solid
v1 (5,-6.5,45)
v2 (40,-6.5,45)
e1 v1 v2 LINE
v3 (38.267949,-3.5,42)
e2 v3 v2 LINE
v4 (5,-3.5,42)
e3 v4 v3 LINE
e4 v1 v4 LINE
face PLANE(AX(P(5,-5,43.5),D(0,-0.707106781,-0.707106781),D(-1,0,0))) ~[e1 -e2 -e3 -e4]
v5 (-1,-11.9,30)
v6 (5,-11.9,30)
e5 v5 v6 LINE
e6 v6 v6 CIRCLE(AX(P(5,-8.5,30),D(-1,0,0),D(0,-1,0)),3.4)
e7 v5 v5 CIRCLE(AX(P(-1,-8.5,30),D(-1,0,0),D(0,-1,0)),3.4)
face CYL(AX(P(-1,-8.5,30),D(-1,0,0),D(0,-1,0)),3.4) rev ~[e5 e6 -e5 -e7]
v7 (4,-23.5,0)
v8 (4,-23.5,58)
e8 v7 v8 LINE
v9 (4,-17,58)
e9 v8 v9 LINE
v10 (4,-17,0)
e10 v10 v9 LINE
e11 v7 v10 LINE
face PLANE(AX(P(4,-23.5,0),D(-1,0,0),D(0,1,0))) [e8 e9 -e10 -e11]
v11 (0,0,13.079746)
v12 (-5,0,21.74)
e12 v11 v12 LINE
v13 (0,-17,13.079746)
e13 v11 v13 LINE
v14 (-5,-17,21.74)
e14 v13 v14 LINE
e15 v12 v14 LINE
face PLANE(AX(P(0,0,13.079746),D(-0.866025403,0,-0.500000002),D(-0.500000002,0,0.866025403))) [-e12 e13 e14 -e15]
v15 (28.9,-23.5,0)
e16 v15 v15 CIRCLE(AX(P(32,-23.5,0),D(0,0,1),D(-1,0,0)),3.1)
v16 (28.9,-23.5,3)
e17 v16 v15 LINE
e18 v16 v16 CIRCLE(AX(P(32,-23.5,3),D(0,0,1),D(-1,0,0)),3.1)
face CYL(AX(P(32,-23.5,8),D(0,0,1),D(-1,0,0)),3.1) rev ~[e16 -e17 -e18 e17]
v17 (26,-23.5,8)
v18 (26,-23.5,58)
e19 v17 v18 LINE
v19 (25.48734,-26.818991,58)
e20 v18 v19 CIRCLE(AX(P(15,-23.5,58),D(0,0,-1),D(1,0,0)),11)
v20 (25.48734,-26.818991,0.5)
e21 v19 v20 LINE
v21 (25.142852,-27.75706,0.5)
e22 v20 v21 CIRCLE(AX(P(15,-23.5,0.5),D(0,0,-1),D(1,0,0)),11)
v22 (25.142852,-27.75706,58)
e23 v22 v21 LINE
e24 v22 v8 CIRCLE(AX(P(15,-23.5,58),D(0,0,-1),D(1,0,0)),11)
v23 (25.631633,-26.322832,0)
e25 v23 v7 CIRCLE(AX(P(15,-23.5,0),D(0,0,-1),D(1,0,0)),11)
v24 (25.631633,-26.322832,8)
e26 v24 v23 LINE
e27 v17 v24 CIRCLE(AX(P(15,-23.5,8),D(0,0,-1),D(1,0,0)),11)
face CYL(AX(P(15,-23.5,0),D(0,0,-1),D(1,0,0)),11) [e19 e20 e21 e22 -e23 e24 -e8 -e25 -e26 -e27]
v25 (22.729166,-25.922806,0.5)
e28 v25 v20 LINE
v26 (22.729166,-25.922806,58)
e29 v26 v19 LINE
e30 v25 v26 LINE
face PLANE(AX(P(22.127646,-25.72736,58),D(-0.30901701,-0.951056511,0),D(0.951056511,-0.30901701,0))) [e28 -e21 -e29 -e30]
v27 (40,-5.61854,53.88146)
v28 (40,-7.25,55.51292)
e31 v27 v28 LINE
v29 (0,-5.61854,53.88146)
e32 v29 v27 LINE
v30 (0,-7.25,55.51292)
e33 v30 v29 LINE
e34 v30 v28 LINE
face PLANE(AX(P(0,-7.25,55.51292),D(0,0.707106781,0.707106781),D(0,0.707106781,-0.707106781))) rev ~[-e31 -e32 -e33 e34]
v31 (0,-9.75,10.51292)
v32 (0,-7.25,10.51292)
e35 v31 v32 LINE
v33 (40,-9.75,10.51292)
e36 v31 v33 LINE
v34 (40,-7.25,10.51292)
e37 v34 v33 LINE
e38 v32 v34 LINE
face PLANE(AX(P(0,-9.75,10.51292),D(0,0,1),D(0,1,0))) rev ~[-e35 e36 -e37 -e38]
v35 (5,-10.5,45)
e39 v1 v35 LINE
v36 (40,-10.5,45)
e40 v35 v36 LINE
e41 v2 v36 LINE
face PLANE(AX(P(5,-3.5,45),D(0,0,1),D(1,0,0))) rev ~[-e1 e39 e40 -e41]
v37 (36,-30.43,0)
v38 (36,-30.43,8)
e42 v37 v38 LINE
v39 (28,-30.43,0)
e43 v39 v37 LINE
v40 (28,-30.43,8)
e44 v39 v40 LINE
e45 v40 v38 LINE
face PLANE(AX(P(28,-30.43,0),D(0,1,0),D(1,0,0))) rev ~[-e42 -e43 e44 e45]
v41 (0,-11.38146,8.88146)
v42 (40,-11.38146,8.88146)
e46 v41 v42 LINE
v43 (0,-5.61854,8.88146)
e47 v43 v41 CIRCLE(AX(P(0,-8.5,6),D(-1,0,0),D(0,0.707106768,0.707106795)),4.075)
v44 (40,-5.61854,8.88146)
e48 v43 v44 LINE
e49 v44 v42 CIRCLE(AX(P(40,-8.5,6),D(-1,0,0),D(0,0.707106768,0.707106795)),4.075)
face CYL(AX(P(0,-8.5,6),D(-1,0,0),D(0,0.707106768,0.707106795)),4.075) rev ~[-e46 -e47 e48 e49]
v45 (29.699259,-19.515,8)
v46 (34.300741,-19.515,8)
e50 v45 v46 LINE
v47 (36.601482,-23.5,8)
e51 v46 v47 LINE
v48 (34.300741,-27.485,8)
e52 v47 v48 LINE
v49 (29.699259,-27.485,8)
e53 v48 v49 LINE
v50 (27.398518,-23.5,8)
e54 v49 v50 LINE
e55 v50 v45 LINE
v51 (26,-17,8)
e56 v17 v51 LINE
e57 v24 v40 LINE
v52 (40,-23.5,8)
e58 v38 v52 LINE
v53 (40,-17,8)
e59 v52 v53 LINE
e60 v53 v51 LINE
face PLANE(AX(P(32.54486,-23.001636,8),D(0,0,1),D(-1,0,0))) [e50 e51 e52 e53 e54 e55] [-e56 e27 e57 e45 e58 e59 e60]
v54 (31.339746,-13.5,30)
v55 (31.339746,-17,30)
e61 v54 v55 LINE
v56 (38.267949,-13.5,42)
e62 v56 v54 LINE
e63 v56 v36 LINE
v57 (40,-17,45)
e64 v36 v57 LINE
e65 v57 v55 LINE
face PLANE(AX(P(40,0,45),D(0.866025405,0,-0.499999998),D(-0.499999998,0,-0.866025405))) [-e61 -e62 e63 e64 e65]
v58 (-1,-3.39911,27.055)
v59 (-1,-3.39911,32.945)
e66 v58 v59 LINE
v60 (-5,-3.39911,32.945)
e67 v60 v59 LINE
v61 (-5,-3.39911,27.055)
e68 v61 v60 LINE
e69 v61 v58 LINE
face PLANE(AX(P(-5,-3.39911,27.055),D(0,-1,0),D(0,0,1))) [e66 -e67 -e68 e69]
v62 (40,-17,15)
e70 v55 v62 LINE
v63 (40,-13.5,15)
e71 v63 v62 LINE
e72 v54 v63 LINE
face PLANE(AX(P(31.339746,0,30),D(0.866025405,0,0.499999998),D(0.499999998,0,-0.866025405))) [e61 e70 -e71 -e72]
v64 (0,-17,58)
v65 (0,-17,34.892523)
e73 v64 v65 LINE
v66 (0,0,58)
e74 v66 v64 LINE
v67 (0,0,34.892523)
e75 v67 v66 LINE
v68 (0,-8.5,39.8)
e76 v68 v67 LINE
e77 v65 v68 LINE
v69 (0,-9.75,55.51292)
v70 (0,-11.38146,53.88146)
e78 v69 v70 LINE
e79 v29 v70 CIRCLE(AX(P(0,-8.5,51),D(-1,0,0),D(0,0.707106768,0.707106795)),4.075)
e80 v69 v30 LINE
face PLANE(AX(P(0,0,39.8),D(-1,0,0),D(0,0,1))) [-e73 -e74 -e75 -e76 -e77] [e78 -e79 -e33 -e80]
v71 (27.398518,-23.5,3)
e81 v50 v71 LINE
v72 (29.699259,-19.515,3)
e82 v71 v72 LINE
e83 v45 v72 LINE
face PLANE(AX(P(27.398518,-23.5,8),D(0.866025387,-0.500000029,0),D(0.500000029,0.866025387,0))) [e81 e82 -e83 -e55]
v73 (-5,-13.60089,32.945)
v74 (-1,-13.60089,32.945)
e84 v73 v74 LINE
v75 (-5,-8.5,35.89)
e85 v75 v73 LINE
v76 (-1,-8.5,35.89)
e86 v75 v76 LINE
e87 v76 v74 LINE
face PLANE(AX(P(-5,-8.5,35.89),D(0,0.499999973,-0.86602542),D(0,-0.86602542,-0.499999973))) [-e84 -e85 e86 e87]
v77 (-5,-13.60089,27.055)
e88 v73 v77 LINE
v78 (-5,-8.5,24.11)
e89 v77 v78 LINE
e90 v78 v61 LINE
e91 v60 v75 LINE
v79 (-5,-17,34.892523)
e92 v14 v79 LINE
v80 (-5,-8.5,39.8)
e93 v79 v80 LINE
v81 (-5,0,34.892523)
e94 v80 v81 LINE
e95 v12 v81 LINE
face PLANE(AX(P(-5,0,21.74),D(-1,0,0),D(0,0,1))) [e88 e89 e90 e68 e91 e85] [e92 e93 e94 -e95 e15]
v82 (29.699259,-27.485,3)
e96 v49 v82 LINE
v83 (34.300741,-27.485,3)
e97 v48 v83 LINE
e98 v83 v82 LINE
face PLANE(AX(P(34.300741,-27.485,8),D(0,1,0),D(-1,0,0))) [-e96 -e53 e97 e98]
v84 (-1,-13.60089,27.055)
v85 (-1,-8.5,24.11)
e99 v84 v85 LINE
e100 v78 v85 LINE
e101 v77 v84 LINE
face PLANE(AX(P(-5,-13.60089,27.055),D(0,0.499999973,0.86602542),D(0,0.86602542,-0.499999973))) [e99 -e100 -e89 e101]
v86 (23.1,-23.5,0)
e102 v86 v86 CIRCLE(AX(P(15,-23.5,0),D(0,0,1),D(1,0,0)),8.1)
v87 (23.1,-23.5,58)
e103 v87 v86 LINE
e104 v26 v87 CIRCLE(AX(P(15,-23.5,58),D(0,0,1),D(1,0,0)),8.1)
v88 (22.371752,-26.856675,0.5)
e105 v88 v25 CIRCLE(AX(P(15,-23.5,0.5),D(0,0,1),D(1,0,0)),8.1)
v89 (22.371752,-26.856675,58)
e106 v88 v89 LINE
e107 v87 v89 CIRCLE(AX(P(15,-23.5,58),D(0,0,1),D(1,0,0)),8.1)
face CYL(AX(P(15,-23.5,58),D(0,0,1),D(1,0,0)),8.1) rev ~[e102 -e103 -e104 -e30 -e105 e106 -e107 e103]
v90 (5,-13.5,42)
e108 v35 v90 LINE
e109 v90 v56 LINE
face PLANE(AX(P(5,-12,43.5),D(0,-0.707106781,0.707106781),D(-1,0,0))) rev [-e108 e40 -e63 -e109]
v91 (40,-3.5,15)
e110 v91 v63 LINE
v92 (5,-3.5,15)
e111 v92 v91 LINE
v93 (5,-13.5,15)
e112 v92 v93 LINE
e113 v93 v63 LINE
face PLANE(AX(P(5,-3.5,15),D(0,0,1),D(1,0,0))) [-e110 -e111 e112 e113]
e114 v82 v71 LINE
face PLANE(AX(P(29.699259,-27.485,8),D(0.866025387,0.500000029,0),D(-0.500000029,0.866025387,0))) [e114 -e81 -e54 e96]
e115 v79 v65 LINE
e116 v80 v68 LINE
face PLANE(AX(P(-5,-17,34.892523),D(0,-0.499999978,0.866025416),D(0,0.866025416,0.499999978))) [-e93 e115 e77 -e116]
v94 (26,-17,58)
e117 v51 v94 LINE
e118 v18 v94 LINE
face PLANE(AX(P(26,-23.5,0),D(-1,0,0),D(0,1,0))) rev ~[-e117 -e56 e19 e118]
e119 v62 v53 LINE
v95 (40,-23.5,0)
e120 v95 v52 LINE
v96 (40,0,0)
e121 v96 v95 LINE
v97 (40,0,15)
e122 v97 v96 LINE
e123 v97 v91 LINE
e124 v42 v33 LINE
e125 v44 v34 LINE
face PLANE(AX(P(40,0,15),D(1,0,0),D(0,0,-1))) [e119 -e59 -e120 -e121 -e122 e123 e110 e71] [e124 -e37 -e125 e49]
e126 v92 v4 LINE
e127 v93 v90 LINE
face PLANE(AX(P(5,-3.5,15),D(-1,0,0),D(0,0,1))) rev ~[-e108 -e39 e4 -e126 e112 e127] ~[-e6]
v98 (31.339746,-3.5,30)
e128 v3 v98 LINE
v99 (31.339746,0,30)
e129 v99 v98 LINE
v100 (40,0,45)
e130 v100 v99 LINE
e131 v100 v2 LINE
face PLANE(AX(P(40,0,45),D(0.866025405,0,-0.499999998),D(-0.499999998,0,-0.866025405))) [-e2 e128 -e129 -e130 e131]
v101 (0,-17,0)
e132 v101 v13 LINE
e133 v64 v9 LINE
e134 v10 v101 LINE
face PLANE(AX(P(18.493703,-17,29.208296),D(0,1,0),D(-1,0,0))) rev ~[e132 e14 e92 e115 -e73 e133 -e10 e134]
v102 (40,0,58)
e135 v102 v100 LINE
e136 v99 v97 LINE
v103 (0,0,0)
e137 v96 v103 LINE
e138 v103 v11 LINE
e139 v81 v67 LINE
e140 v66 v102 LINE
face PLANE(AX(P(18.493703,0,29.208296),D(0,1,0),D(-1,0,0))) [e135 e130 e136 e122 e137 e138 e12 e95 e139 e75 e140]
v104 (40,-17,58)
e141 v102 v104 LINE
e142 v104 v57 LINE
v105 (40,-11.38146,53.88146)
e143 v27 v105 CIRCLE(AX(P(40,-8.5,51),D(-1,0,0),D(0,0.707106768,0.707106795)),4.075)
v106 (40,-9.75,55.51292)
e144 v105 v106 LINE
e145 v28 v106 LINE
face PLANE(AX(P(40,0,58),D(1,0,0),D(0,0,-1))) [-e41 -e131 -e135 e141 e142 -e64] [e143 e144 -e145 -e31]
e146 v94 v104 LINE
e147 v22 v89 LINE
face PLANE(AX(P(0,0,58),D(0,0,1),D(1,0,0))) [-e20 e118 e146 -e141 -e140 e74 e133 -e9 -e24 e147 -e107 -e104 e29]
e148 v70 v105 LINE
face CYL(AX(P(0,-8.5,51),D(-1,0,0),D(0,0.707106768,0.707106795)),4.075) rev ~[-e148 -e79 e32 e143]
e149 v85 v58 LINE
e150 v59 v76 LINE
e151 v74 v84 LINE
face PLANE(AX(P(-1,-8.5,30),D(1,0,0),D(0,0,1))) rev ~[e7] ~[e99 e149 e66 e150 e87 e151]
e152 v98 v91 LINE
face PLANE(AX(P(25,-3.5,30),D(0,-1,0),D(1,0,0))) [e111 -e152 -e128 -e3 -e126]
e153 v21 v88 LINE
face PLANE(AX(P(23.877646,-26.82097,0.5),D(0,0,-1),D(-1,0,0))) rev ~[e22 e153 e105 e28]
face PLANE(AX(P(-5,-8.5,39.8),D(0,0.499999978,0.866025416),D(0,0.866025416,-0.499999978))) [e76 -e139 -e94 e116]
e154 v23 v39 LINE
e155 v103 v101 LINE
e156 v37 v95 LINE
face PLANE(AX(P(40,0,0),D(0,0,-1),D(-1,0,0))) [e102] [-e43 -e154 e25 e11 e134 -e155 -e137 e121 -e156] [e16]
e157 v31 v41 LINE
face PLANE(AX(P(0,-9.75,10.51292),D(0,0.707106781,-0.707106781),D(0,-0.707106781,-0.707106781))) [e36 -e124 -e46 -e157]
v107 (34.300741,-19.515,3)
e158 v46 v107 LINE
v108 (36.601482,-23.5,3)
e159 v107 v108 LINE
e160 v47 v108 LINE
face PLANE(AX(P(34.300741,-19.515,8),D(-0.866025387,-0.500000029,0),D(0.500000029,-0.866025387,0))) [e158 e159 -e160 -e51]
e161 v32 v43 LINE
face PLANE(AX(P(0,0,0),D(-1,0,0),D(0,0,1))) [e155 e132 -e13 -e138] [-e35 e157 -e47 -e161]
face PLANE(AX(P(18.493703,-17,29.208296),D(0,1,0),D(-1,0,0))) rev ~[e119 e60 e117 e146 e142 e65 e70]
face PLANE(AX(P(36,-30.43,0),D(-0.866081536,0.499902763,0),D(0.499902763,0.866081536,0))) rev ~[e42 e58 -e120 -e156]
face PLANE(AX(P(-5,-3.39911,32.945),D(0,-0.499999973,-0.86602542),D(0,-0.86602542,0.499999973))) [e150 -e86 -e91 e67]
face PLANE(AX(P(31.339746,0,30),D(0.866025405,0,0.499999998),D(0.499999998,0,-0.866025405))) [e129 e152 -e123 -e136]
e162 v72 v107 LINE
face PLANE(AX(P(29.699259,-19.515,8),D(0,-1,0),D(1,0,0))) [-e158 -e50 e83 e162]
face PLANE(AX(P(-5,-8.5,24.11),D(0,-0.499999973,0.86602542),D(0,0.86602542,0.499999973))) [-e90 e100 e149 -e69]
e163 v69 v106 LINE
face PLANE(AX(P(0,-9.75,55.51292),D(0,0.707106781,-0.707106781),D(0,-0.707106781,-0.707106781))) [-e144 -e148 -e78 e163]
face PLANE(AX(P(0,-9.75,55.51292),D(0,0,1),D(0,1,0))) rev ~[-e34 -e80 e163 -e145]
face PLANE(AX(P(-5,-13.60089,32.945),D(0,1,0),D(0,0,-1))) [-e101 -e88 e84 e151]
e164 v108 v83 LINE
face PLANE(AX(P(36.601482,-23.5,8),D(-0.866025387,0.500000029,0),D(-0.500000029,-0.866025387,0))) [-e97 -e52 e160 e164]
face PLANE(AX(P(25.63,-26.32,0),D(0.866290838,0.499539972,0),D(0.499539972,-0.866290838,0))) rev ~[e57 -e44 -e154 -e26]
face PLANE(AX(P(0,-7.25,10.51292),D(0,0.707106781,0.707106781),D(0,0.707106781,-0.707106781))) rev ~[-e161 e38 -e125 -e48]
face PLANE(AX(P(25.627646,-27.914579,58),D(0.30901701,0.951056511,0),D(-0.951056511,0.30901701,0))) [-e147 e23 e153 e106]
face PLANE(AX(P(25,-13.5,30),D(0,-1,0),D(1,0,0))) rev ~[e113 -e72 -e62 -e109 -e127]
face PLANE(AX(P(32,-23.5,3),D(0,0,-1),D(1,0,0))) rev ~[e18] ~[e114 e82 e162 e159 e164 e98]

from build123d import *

# Parameters (mm, degrees)
SKETCH011_W     = 40
SKETCH011_H     = 30
PAD003_DEPTH    = 10
CHAMFER_SIZE    = 3
PAD_DEPTH       = 17
POCKET_DEPTH    = 5
POCKET001_DEPTH = 4
POCKET002_DEPTH = 40.001
POCKET003_DEPTH = 40.001
PAD001_DEPTH    = 58
PAD002_DEPTH    = 8
POCKET004_DEPTH = 5
SKETCH010_R     = 3.1
POCKET005_DEPTH = 8.001
SKETCH005_R     = 3.4
POCKET006_DEPTH = 41.001
SKETCH012_R     = 8.1
POCKET007_DEPTH = 58.001
POCKET008_DEPTH = 57.5


with BuildPart() as inner_part:
    # Sketch011 → Pad003 (new body)
    with BuildSketch(Plane.XZ.offset(3.5)):
        with Locations((25, 30)):
            Rectangle(SKETCH011_W, SKETCH011_H)
    extrude(amount=PAD003_DEPTH)

    # Chamfer
    chamfer_edges = [inner_part.edges().sort_by_distance(p)[0] for p in [
        (25, -3.5, 45),
        (25, -13.5, 45),
    ]]
    chamfer(chamfer_edges, length=CHAMFER_SIZE)


with BuildPart() as rod_guide_slot:
    # Sketch → Pad (new body)
    with BuildSketch(Plane.XZ):
        Polygon((0, 0), (0, 13.079746), (-5, 21.74), (-5, 39.8), (0, 39.8), (0, 58), (40, 58), (40, 45), (31.339746, 30), (40, 15), (40, 0), align=None)
    extrude(amount=PAD_DEPTH)

    # Sketch001 → Pocket (cut)
    with BuildSketch(Plane(origin=(-5, 0, 0), x_dir=(0, 0, -1), z_dir=(-1, 0, 0))):
        Polygon((-34.892523, 17), (-39.8, 8.5), (-34.892523, 0), (-42.892523, 0), (-42.892523, 17), align=None)
    extrude(amount=-POCKET_DEPTH, mode=Mode.SUBTRACT)

    # Sketch002 → Pocket001 (cut)
    with BuildSketch(Plane(origin=(-5, 0, 0), x_dir=(0, 0, -1), z_dir=(-1, 0, 0))):
        Polygon((-35.89, 8.5), (-32.945, 13.60089), (-27.055, 13.60089), (-24.11, 8.5), (-27.055, 3.39911), (-32.945, 3.39911), align=None)
    extrude(amount=-POCKET001_DEPTH, mode=Mode.SUBTRACT)

    # Sketch003 → Pocket002 (cut, through all)
    with BuildSketch(Plane(origin=(0, 0, 0), x_dir=(0, 0, -1), z_dir=(-1, 0, 0))):
        with BuildLine():
            Line((-55.51292, 9.75), (-55.51292, 7.25))
            Line((-55.51292, 7.25), (-53.88146, 5.61854))
            ThreePointArc((-53.88146, 5.61854), (-46.925, 8.5), (-53.88146, 11.38146))
            Line((-55.51292, 9.75), (-53.88146, 11.38146))
        make_face()
    extrude(amount=-POCKET002_DEPTH, mode=Mode.SUBTRACT)

    # Sketch004 → Pocket003 (cut, through all)
    with BuildSketch(Plane(origin=(0, 0, 0), x_dir=(0, 0, -1), z_dir=(-1, 0, 0))):
        with BuildLine():
            Line((-10.51292, 9.75), (-10.51292, 7.25))
            Line((-10.51292, 7.25), (-8.88146, 5.61854))
            ThreePointArc((-8.88146, 5.61854), (-1.925, 8.5), (-8.88146, 11.38146))
            Line((-10.51292, 9.75), (-8.88146, 11.38146))
        make_face()
    extrude(amount=-POCKET003_DEPTH, mode=Mode.SUBTRACT)

    # Sketch006 → Pad001 (new body)
    with BuildSketch(Plane(origin=(0, 0, 0), x_dir=(1, 0, 0), z_dir=(0, 0, -1))):
        with BuildLine():
            Line((4, 23.5), (4, 17))
            Line((4, 17), (26, 17))
            Line((26, 23.5), (26, 17))
            ThreePointArc((26, 23.5), (15, 34.5), (4, 23.5))
        make_face()
    extrude(amount=-PAD001_DEPTH)

    # Sketch007 → Pad002 (new body)
    with BuildSketch(Plane(origin=(0, 0, 0), x_dir=(1, 0, 0), z_dir=(0, 0, -1))):
        Polygon((25.63, 17), (25.63, 26.32), (28, 30.43), (36, 30.43), (40, 23.5), (40, 17), align=None)
    extrude(amount=-PAD002_DEPTH)

    # Sketch009 → Pocket004 (cut)
    with BuildSketch(Plane(origin=(0, 0, 8), x_dir=(-1, 0, 0), z_dir=(0, 0, 1))):
        Polygon((-36.601482, 23.5), (-34.300741, 27.485), (-29.699259, 27.485), (-27.398518, 23.5), (-29.699259, 19.515), (-34.300741, 19.515), align=None)
    extrude(amount=-POCKET004_DEPTH, mode=Mode.SUBTRACT)

    # Sketch010 → Pocket005 (cut, through all)
    with BuildSketch(Plane(origin=(0, 0, 8), x_dir=(-1, 0, 0), z_dir=(0, 0, 1))):
        with Locations((-32, 23.5)):
            Circle(SKETCH010_R)
    extrude(amount=-POCKET005_DEPTH, mode=Mode.SUBTRACT)

    # Cut001: cut inner-part
    add(inner_part.part, mode=Mode.SUBTRACT)

    # Sketch005 → Pocket006 (cut, through all)
    with BuildSketch(Plane(origin=(-1, 0, 0), x_dir=(0, -1, 0), z_dir=(-1, 0, 0))):
        with Locations((8.5, 30)):
            Circle(SKETCH005_R)
    extrude(amount=-POCKET006_DEPTH, mode=Mode.SUBTRACT)

    # Sketch012 → Pocket007 (cut, through all)
    with BuildSketch(Plane.XY.offset(58)):
        with Locations((15, -23.5)):
            Circle(SKETCH012_R)
    extrude(amount=-POCKET007_DEPTH, mode=Mode.SUBTRACT)

    # Sketch013 → Pocket008 (cut)
    with BuildSketch(Plane.XY.offset(58)):
        Polygon((22.127646, -25.72736), (25.627646, -26.864579), (25.627646, -27.914579), (22.127646, -26.77736), align=None)
    extrude(amount=-POCKET008_DEPTH, mode=Mode.SUBTRACT)


solid = rod_guide_slot.part
